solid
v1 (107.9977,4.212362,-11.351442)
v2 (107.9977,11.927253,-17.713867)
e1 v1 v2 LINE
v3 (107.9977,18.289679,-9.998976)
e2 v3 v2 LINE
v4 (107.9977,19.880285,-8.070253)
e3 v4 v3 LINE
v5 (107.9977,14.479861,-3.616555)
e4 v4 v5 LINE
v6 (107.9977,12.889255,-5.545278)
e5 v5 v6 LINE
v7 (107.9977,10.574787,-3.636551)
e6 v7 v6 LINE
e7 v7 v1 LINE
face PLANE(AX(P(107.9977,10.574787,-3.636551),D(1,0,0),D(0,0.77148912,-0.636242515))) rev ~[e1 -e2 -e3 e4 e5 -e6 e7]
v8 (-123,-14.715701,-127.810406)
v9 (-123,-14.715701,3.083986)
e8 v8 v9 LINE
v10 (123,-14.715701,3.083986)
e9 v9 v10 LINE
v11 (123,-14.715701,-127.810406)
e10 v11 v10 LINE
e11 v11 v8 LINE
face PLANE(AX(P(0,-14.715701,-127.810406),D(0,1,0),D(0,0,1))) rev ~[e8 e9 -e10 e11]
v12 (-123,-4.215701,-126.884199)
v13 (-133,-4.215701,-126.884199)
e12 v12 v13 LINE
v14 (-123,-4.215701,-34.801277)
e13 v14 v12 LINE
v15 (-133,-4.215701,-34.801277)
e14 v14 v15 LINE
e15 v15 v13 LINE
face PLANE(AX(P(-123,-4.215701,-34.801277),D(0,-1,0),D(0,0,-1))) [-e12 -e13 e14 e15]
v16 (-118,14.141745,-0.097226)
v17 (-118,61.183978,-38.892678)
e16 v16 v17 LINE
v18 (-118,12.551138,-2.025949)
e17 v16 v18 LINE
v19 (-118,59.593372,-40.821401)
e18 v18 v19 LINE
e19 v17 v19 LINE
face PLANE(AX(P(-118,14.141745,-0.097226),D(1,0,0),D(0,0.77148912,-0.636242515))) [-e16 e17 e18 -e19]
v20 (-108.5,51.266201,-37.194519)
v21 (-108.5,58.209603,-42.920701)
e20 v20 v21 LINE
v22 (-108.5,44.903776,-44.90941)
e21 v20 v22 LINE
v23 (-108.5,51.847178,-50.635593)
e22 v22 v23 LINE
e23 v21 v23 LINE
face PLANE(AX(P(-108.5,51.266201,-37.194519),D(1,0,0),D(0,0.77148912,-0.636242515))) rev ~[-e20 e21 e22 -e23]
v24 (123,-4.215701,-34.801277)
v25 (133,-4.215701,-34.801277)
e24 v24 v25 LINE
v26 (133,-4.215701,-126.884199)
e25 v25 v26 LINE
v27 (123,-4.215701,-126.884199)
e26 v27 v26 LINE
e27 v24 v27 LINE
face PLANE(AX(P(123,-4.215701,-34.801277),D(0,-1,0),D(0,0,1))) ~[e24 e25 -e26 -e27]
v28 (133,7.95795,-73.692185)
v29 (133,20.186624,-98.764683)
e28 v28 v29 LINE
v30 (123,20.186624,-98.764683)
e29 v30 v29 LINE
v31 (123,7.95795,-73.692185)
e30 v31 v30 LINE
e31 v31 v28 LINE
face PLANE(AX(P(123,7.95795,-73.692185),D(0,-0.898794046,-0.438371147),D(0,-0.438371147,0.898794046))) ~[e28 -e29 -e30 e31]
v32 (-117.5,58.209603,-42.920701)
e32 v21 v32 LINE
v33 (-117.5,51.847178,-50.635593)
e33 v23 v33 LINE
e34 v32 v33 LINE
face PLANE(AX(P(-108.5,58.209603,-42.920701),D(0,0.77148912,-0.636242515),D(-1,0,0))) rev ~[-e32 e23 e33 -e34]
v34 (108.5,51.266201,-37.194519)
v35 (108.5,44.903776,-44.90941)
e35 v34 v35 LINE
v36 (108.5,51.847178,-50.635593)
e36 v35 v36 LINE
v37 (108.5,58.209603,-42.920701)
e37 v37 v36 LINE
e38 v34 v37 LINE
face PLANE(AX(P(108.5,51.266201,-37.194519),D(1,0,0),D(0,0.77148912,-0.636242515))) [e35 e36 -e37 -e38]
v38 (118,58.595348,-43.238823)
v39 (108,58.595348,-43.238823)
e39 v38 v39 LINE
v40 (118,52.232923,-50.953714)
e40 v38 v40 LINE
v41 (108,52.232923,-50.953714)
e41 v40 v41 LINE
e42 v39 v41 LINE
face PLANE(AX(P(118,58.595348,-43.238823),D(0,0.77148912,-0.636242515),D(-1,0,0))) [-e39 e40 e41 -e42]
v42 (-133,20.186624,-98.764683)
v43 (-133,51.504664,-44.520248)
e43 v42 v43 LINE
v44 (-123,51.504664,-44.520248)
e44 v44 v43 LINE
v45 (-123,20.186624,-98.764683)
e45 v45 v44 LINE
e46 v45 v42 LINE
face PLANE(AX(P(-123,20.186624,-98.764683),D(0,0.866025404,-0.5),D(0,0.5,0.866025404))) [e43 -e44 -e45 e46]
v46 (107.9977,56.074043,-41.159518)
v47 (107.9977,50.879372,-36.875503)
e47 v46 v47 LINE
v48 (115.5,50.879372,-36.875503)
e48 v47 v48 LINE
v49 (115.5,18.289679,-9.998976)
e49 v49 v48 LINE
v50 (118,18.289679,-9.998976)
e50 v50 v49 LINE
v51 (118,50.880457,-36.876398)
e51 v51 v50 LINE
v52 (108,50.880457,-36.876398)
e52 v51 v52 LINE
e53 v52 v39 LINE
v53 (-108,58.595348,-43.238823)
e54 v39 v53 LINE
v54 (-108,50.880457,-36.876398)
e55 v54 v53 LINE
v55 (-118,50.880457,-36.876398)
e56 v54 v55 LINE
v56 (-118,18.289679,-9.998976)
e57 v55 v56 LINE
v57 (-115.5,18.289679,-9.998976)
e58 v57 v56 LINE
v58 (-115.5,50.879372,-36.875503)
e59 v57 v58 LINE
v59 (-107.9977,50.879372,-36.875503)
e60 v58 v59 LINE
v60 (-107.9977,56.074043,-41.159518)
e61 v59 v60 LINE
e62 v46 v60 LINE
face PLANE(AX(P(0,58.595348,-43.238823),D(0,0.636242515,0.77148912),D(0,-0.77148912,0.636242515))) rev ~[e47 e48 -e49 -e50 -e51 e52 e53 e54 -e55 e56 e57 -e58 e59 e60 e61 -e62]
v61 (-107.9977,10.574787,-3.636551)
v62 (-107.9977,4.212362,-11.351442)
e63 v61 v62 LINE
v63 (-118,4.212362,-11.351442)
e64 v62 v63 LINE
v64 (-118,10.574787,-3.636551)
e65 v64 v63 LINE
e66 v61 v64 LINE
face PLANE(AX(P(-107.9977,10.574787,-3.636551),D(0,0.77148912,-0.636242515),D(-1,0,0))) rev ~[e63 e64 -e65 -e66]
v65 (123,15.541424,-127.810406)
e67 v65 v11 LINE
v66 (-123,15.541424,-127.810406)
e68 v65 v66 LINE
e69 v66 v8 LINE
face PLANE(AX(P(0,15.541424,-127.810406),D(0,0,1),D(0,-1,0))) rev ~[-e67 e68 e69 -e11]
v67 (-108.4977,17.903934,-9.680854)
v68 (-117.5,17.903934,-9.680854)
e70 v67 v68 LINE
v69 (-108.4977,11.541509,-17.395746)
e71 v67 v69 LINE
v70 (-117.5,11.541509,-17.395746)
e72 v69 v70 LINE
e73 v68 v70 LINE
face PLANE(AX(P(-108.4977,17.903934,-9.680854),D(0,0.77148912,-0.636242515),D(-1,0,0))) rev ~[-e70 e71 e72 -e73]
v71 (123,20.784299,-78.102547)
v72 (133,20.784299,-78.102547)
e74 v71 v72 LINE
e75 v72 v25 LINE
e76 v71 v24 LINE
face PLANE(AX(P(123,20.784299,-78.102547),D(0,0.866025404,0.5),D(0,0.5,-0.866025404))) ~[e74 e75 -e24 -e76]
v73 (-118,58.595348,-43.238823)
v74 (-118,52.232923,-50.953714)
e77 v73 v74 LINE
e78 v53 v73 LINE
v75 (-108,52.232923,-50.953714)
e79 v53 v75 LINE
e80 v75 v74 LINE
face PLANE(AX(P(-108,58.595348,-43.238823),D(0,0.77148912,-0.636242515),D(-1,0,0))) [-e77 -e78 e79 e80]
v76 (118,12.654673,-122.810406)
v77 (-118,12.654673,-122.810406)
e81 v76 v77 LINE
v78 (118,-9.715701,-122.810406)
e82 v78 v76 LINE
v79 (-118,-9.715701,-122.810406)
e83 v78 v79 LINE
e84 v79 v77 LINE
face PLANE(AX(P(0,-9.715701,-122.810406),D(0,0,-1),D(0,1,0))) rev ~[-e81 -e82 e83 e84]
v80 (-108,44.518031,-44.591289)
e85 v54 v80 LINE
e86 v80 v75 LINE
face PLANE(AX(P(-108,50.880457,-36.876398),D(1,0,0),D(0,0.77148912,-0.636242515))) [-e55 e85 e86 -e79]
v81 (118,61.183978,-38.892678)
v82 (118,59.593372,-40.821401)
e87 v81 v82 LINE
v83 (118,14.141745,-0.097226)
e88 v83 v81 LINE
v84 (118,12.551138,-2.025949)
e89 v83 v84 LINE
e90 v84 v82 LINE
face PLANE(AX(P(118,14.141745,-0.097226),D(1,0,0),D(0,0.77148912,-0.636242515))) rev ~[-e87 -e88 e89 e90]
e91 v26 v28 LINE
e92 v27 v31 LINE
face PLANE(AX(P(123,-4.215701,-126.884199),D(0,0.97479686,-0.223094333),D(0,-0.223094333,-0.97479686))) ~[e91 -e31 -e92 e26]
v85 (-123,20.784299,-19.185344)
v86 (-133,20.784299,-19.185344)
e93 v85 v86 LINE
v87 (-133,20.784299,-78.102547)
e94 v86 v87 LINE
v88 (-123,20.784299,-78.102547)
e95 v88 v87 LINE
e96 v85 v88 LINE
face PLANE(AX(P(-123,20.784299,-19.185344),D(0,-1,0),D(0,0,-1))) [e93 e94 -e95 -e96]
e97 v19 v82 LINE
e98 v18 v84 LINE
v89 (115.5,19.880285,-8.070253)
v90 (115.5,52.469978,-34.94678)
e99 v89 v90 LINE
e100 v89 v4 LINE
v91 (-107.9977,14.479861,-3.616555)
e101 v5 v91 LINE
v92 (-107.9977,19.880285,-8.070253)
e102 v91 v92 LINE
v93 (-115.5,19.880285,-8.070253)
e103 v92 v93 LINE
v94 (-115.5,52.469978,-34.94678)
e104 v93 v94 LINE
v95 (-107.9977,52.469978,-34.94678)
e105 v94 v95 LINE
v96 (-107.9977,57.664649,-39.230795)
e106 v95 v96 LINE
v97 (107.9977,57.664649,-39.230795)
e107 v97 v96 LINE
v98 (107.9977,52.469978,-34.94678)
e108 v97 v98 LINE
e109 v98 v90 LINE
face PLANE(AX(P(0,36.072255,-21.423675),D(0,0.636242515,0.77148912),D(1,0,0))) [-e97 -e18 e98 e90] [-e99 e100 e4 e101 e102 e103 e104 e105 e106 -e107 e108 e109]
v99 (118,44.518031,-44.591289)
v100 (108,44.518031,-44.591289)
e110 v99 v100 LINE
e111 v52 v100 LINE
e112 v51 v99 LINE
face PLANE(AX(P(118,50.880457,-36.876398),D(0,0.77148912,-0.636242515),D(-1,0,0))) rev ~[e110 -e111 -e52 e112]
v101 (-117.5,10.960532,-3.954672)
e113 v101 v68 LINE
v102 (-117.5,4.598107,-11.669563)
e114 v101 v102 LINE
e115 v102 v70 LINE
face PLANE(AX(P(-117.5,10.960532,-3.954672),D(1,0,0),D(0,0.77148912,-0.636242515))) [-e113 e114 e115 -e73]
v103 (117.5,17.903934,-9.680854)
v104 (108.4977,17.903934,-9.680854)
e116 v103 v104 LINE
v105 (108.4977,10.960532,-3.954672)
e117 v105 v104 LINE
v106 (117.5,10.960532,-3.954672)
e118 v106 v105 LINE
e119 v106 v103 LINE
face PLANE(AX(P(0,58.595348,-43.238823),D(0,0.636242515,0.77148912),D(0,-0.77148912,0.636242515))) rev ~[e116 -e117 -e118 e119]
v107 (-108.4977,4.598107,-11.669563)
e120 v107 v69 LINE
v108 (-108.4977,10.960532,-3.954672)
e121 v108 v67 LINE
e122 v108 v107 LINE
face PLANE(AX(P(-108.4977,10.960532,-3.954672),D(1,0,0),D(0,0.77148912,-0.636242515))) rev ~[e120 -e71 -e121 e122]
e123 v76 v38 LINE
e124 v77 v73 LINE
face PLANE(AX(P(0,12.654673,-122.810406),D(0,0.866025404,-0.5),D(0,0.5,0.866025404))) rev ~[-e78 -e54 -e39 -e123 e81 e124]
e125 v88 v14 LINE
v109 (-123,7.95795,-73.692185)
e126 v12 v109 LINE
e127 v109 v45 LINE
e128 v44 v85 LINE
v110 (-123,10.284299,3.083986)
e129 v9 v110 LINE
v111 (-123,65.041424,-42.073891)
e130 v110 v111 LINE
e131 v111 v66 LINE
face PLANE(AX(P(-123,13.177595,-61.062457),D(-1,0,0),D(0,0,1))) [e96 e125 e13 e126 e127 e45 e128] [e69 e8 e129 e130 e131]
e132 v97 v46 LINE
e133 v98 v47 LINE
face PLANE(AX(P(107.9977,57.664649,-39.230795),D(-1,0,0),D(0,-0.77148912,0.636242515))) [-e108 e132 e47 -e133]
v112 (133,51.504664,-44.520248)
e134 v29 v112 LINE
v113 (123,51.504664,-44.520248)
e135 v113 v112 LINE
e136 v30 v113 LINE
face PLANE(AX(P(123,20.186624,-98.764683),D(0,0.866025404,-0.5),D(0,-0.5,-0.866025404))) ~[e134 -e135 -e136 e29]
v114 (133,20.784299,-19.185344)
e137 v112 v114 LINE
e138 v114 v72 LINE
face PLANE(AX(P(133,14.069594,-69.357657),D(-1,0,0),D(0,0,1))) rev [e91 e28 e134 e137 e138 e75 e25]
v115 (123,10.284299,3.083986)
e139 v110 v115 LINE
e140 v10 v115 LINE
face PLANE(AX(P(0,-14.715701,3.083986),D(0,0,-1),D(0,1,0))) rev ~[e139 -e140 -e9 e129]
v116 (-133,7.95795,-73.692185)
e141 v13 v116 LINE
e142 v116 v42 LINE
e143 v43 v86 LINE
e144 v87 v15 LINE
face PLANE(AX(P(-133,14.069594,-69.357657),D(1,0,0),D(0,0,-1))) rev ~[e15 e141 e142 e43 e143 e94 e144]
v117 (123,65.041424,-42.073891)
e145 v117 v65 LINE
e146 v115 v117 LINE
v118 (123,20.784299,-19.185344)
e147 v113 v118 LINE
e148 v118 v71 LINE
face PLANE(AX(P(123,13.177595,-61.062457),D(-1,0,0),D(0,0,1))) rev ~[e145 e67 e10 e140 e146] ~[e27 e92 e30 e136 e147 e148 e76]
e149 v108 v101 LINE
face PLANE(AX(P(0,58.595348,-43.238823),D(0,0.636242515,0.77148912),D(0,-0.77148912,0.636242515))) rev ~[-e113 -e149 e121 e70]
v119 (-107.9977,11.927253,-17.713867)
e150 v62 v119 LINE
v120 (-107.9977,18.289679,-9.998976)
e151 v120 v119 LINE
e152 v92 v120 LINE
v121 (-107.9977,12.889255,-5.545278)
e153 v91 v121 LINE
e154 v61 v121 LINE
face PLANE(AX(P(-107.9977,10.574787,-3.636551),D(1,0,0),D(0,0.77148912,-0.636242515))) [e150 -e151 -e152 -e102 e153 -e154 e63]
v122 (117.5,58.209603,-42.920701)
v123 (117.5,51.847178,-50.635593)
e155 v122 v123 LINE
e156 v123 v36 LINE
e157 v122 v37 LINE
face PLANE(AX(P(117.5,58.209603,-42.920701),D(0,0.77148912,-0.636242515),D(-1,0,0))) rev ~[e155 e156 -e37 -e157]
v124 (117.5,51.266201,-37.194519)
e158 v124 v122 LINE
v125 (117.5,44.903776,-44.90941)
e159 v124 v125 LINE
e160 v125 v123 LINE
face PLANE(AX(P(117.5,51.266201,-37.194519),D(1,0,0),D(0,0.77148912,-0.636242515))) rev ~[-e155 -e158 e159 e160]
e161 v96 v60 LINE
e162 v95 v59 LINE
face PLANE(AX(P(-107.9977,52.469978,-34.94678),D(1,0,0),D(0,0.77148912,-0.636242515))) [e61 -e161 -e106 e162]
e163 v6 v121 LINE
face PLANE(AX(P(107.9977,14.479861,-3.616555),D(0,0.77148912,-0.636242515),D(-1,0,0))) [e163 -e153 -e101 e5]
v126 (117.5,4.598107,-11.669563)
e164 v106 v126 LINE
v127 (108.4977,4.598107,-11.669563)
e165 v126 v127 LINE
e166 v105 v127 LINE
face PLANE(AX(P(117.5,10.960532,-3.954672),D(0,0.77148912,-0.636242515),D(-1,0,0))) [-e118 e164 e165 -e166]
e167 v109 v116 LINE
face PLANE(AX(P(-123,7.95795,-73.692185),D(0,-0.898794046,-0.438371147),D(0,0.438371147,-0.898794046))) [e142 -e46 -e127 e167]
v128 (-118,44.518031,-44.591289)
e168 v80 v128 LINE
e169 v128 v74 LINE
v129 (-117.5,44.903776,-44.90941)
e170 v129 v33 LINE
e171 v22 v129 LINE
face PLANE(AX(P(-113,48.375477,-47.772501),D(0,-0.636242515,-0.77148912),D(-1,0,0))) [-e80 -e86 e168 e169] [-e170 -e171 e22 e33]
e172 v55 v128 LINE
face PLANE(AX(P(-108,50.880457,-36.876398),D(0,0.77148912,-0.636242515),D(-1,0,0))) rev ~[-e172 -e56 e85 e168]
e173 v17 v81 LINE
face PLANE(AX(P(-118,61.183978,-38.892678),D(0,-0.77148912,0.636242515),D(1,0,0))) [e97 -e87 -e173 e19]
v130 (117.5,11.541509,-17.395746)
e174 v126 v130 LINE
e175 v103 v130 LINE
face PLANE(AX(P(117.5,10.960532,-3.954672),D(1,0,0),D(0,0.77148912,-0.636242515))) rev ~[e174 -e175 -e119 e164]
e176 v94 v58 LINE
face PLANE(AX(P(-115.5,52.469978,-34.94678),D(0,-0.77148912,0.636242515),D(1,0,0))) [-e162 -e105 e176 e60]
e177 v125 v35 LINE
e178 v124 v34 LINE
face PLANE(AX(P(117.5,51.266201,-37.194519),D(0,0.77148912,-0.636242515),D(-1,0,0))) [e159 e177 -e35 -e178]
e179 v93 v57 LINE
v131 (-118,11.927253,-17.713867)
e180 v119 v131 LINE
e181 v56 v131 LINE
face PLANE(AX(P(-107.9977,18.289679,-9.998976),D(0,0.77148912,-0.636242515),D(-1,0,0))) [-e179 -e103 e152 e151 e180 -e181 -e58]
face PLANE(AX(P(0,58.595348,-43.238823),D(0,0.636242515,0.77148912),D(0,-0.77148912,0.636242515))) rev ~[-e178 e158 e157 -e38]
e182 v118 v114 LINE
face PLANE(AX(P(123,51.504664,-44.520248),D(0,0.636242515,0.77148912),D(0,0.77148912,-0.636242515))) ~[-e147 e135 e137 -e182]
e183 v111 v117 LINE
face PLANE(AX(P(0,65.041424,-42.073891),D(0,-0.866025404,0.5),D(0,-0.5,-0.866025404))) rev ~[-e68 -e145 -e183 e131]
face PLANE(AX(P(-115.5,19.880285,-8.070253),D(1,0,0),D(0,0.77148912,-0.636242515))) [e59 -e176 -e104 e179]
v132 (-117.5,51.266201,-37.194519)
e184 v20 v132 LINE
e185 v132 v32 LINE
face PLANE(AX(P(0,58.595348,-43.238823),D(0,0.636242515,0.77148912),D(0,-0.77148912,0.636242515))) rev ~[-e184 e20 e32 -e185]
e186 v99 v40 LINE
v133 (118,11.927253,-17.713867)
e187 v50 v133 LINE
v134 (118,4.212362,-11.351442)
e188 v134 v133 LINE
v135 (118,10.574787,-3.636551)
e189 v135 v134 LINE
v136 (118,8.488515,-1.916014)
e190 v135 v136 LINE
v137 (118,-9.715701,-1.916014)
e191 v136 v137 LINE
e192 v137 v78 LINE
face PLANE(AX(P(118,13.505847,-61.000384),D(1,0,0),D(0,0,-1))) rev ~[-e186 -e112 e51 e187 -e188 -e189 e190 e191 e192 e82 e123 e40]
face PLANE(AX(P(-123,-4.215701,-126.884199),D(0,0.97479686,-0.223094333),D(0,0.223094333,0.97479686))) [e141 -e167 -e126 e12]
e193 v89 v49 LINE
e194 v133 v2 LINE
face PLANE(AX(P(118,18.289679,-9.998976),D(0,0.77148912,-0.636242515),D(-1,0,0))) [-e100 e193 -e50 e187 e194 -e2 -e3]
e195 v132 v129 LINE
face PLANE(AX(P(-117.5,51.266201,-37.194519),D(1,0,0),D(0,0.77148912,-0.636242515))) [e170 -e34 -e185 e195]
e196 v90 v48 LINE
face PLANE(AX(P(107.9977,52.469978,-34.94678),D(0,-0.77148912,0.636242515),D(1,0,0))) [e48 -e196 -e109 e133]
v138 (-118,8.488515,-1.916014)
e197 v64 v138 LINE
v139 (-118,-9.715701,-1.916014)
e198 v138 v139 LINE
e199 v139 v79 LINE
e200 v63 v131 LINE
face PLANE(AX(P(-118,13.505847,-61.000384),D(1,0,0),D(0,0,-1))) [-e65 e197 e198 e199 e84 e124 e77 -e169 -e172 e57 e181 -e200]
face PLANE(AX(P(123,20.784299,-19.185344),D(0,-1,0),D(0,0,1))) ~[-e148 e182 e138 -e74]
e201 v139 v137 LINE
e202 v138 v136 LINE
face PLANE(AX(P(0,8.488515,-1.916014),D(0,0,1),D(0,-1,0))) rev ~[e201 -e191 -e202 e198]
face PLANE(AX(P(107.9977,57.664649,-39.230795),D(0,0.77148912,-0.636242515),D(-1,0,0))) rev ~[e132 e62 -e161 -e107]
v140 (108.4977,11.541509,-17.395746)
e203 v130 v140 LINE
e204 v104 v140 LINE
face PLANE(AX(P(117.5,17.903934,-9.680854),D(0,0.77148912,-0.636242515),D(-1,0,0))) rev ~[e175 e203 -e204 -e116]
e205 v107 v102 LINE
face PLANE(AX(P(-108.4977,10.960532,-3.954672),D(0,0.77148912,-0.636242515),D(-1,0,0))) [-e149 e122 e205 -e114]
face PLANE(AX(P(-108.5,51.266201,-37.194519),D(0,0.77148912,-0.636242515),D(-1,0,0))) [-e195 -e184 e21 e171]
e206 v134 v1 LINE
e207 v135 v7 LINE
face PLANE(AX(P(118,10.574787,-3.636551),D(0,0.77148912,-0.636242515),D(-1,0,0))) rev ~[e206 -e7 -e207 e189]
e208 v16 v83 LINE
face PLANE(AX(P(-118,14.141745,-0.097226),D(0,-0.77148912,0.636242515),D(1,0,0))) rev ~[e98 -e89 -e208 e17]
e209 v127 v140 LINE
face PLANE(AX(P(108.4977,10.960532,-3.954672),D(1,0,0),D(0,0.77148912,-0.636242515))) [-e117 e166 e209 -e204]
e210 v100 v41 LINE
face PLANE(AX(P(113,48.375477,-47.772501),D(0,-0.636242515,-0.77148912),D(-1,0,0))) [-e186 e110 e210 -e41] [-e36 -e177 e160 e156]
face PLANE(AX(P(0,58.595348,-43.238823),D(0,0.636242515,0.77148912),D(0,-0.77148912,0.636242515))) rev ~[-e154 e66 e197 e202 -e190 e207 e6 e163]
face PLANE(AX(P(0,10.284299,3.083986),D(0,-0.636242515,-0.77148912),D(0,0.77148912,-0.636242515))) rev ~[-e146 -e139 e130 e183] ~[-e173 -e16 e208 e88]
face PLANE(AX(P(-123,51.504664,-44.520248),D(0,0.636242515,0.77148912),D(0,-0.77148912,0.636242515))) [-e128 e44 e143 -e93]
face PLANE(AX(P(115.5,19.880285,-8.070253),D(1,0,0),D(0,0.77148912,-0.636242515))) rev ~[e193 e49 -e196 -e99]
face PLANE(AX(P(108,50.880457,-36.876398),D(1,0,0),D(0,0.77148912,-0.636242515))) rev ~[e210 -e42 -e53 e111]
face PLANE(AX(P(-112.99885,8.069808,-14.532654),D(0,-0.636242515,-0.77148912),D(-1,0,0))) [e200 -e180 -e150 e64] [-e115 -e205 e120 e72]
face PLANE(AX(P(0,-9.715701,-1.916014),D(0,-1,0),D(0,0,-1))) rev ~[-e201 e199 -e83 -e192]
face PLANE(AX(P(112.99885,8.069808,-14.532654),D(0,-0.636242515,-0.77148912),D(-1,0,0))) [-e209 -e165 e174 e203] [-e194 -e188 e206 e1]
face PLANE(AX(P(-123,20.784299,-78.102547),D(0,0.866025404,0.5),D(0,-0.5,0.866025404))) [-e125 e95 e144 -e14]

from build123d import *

# Parameters (mm, degrees)
BOSS_EXTRUDE2_DEPTH  = 123
CUT_EXTRUDE2_DEPTH   = 118
SKETCH4_W            = 236
SKETCH4_H            = 60.975887641
CUT_EXTRUDE3_DEPTH   = 2.5
CUT_EXTRUDE4_DEPTH   = 2.5
BOSS_EXTRUDE4_DEPTH  = 10
SKETCH15_W           = 10
SKETCH15_H           = 10
SKETCH15_W_2         = 9
SKETCH15_H_2         = 9
SKETCH15_W_3         = 10.002299771
SKETCH15_W_4         = 9.002299771
BOSS_EXTRUDE14_DEPTH = 10


with BuildPart() as part:
    # Sketch1 → Boss-Extrude2 (new, symmetric)
    with BuildSketch(Plane(origin=(0, 0, 0), x_dir=(0, 0, -1), z_dir=(1, 0, 0))):
        Polygon((42.073890907, 65.041424054), (127.810405881, 15.541424054), (127.810405881, -14.715701058), (-3.083986323, -14.715701058), (-3.083986323, 10.284298942), align=None)
    extrude(amount=BOSS_EXTRUDE2_DEPTH, both=True)

    # Sketch3 → Cut-Extrude2 (cut, symmetric)
    with BuildSketch(Plane(origin=(0, 0, 0), x_dir=(0, 0, -1), z_dir=(1, 0, 0))):
        Polygon((43.238822658, 58.595347702), (1.916013677, 8.488514516), (1.916013677, -9.715701058), (122.810405881, -9.715701058), (122.810405881, 12.654672708), align=None)
    extrude(amount=CUT_EXTRUDE2_DEPTH, both=True, mode=Mode.SUBTRACT)

    # Sketch4 → Cut-Extrude3 (cut)
    with BuildSketch(Plane(origin=(0, 5.676918447, 6.883665768), x_dir=(1, 0, 0), z_dir=(0, 0.6362425146167643, 0.7714891202046446))):
        with Locations((0, 41.460005351)):
            Rectangle(SKETCH4_W, SKETCH4_H)
    extrude(amount=-CUT_EXTRUDE3_DEPTH, mode=Mode.SUBTRACT)

    # Sketch5 → Cut-Extrude4 (cut)
    with BuildSketch(Plane(origin=(0, 4.08631216, 4.954942968), x_dir=(1, 0, 0), z_dir=(0, 0.6362425146167643, 0.7714891202046446))):
        Polygon((107.577700229, 69.447949171), (107.997700229, 69.447949171), (107.997700229, 62.714644326), (115.5, 62.714644326), (115.5, 62.664644326), (115.5, 62.614644326), (115.5, 62.447949171), (115.5, 20.47206153), (107.997700229, 20.47206153), (107.997700229, 13.47206153), (-107.997700229, 13.47206153), (-107.997700229, 20.47206153), (-115.5, 20.47206153), (-115.5, 62.714644326), (-107.997700229, 62.714644326), (-107.997700229, 69.447949171), align=None)
    extrude(amount=-CUT_EXTRUDE4_DEPTH, mode=Mode.SUBTRACT)

    # Sketch6 → Boss-Extrude4 (add)
    with BuildSketch(Plane.ZY.offset(123)):
        Polygon((-73.692184958, 7.957950111), (-98.764682853, 20.186624411), (-44.520247585, 51.504663714), (-19.185344447, 20.784298942), (-78.102547156, 20.784298942), (-34.801276967, -4.215701058), (-126.884199241, -4.215701058), align=None)
    boss_extrude4 = extrude(amount=BOSS_EXTRUDE4_DEPTH)

    # Mirror1: Boss-Extrude4 across plane
    add(boss_extrude4.mirror(Plane(origin=(0, 0, 0), x_dir=(0, 0, 1), z_dir=(1, 0, 0))))

    # Sketch15 → Boss-Extrude14 (add)
    # profile 1 of 4: a face of its own
    with BuildSketch(Plane(origin=(0, 2.495705874, 3.026220167), x_dir=(-1, 0, 0), z_dir=(0, -0.6362425146167643, -0.7714891202046446))):
        with Locations((-113, 67.716050504)):
            Rectangle(SKETCH15_W, SKETCH15_H)
        with Locations((-113, 67.716050504)):
            Rectangle(SKETCH15_W_2, SKETCH15_H_2, mode=Mode.SUBTRACT)
    # profile 2 of 4: a face of its own
    with BuildSketch(Plane(origin=(0, 2.495705874, 3.026220167), x_dir=(-1, 0, 0), z_dir=(0, -0.6362425146167643, -0.7714891202046446))):
        with Locations((113, 67.716050504)):
            Rectangle(SKETCH15_W, SKETCH15_H)
        with Locations((113, 67.716050504)):
            Rectangle(SKETCH15_W_2, SKETCH15_H_2, mode=Mode.SUBTRACT)
    # profile 3 of 4: a face of its own
    with BuildSketch(Plane(origin=(0, 2.495705874, 3.026220167), x_dir=(-1, 0, 0), z_dir=(0, -0.6362425146167643, -0.7714891202046446))):
        with Locations((-112.998850115, 15.47206153)):
            Rectangle(SKETCH15_W_3, SKETCH15_H)
        with Locations((-112.998850115, 15.47206153)):
            Rectangle(SKETCH15_W_4, SKETCH15_H_2, mode=Mode.SUBTRACT)
    # profile 4 of 4: a face of its own
    with BuildSketch(Plane(origin=(0, 2.495705874, 3.026220167), x_dir=(-1, 0, 0), z_dir=(0, -0.6362425146167643, -0.7714891202046446))):
        with Locations((112.998850115, 15.47206153)):
            Rectangle(SKETCH15_W_3, SKETCH15_H)
        with Locations((112.998850115, 15.47206153)):
            Rectangle(SKETCH15_W_4, SKETCH15_H_2, mode=Mode.SUBTRACT)
    extrude(amount=BOSS_EXTRUDE14_DEPTH)


solid = part.part
